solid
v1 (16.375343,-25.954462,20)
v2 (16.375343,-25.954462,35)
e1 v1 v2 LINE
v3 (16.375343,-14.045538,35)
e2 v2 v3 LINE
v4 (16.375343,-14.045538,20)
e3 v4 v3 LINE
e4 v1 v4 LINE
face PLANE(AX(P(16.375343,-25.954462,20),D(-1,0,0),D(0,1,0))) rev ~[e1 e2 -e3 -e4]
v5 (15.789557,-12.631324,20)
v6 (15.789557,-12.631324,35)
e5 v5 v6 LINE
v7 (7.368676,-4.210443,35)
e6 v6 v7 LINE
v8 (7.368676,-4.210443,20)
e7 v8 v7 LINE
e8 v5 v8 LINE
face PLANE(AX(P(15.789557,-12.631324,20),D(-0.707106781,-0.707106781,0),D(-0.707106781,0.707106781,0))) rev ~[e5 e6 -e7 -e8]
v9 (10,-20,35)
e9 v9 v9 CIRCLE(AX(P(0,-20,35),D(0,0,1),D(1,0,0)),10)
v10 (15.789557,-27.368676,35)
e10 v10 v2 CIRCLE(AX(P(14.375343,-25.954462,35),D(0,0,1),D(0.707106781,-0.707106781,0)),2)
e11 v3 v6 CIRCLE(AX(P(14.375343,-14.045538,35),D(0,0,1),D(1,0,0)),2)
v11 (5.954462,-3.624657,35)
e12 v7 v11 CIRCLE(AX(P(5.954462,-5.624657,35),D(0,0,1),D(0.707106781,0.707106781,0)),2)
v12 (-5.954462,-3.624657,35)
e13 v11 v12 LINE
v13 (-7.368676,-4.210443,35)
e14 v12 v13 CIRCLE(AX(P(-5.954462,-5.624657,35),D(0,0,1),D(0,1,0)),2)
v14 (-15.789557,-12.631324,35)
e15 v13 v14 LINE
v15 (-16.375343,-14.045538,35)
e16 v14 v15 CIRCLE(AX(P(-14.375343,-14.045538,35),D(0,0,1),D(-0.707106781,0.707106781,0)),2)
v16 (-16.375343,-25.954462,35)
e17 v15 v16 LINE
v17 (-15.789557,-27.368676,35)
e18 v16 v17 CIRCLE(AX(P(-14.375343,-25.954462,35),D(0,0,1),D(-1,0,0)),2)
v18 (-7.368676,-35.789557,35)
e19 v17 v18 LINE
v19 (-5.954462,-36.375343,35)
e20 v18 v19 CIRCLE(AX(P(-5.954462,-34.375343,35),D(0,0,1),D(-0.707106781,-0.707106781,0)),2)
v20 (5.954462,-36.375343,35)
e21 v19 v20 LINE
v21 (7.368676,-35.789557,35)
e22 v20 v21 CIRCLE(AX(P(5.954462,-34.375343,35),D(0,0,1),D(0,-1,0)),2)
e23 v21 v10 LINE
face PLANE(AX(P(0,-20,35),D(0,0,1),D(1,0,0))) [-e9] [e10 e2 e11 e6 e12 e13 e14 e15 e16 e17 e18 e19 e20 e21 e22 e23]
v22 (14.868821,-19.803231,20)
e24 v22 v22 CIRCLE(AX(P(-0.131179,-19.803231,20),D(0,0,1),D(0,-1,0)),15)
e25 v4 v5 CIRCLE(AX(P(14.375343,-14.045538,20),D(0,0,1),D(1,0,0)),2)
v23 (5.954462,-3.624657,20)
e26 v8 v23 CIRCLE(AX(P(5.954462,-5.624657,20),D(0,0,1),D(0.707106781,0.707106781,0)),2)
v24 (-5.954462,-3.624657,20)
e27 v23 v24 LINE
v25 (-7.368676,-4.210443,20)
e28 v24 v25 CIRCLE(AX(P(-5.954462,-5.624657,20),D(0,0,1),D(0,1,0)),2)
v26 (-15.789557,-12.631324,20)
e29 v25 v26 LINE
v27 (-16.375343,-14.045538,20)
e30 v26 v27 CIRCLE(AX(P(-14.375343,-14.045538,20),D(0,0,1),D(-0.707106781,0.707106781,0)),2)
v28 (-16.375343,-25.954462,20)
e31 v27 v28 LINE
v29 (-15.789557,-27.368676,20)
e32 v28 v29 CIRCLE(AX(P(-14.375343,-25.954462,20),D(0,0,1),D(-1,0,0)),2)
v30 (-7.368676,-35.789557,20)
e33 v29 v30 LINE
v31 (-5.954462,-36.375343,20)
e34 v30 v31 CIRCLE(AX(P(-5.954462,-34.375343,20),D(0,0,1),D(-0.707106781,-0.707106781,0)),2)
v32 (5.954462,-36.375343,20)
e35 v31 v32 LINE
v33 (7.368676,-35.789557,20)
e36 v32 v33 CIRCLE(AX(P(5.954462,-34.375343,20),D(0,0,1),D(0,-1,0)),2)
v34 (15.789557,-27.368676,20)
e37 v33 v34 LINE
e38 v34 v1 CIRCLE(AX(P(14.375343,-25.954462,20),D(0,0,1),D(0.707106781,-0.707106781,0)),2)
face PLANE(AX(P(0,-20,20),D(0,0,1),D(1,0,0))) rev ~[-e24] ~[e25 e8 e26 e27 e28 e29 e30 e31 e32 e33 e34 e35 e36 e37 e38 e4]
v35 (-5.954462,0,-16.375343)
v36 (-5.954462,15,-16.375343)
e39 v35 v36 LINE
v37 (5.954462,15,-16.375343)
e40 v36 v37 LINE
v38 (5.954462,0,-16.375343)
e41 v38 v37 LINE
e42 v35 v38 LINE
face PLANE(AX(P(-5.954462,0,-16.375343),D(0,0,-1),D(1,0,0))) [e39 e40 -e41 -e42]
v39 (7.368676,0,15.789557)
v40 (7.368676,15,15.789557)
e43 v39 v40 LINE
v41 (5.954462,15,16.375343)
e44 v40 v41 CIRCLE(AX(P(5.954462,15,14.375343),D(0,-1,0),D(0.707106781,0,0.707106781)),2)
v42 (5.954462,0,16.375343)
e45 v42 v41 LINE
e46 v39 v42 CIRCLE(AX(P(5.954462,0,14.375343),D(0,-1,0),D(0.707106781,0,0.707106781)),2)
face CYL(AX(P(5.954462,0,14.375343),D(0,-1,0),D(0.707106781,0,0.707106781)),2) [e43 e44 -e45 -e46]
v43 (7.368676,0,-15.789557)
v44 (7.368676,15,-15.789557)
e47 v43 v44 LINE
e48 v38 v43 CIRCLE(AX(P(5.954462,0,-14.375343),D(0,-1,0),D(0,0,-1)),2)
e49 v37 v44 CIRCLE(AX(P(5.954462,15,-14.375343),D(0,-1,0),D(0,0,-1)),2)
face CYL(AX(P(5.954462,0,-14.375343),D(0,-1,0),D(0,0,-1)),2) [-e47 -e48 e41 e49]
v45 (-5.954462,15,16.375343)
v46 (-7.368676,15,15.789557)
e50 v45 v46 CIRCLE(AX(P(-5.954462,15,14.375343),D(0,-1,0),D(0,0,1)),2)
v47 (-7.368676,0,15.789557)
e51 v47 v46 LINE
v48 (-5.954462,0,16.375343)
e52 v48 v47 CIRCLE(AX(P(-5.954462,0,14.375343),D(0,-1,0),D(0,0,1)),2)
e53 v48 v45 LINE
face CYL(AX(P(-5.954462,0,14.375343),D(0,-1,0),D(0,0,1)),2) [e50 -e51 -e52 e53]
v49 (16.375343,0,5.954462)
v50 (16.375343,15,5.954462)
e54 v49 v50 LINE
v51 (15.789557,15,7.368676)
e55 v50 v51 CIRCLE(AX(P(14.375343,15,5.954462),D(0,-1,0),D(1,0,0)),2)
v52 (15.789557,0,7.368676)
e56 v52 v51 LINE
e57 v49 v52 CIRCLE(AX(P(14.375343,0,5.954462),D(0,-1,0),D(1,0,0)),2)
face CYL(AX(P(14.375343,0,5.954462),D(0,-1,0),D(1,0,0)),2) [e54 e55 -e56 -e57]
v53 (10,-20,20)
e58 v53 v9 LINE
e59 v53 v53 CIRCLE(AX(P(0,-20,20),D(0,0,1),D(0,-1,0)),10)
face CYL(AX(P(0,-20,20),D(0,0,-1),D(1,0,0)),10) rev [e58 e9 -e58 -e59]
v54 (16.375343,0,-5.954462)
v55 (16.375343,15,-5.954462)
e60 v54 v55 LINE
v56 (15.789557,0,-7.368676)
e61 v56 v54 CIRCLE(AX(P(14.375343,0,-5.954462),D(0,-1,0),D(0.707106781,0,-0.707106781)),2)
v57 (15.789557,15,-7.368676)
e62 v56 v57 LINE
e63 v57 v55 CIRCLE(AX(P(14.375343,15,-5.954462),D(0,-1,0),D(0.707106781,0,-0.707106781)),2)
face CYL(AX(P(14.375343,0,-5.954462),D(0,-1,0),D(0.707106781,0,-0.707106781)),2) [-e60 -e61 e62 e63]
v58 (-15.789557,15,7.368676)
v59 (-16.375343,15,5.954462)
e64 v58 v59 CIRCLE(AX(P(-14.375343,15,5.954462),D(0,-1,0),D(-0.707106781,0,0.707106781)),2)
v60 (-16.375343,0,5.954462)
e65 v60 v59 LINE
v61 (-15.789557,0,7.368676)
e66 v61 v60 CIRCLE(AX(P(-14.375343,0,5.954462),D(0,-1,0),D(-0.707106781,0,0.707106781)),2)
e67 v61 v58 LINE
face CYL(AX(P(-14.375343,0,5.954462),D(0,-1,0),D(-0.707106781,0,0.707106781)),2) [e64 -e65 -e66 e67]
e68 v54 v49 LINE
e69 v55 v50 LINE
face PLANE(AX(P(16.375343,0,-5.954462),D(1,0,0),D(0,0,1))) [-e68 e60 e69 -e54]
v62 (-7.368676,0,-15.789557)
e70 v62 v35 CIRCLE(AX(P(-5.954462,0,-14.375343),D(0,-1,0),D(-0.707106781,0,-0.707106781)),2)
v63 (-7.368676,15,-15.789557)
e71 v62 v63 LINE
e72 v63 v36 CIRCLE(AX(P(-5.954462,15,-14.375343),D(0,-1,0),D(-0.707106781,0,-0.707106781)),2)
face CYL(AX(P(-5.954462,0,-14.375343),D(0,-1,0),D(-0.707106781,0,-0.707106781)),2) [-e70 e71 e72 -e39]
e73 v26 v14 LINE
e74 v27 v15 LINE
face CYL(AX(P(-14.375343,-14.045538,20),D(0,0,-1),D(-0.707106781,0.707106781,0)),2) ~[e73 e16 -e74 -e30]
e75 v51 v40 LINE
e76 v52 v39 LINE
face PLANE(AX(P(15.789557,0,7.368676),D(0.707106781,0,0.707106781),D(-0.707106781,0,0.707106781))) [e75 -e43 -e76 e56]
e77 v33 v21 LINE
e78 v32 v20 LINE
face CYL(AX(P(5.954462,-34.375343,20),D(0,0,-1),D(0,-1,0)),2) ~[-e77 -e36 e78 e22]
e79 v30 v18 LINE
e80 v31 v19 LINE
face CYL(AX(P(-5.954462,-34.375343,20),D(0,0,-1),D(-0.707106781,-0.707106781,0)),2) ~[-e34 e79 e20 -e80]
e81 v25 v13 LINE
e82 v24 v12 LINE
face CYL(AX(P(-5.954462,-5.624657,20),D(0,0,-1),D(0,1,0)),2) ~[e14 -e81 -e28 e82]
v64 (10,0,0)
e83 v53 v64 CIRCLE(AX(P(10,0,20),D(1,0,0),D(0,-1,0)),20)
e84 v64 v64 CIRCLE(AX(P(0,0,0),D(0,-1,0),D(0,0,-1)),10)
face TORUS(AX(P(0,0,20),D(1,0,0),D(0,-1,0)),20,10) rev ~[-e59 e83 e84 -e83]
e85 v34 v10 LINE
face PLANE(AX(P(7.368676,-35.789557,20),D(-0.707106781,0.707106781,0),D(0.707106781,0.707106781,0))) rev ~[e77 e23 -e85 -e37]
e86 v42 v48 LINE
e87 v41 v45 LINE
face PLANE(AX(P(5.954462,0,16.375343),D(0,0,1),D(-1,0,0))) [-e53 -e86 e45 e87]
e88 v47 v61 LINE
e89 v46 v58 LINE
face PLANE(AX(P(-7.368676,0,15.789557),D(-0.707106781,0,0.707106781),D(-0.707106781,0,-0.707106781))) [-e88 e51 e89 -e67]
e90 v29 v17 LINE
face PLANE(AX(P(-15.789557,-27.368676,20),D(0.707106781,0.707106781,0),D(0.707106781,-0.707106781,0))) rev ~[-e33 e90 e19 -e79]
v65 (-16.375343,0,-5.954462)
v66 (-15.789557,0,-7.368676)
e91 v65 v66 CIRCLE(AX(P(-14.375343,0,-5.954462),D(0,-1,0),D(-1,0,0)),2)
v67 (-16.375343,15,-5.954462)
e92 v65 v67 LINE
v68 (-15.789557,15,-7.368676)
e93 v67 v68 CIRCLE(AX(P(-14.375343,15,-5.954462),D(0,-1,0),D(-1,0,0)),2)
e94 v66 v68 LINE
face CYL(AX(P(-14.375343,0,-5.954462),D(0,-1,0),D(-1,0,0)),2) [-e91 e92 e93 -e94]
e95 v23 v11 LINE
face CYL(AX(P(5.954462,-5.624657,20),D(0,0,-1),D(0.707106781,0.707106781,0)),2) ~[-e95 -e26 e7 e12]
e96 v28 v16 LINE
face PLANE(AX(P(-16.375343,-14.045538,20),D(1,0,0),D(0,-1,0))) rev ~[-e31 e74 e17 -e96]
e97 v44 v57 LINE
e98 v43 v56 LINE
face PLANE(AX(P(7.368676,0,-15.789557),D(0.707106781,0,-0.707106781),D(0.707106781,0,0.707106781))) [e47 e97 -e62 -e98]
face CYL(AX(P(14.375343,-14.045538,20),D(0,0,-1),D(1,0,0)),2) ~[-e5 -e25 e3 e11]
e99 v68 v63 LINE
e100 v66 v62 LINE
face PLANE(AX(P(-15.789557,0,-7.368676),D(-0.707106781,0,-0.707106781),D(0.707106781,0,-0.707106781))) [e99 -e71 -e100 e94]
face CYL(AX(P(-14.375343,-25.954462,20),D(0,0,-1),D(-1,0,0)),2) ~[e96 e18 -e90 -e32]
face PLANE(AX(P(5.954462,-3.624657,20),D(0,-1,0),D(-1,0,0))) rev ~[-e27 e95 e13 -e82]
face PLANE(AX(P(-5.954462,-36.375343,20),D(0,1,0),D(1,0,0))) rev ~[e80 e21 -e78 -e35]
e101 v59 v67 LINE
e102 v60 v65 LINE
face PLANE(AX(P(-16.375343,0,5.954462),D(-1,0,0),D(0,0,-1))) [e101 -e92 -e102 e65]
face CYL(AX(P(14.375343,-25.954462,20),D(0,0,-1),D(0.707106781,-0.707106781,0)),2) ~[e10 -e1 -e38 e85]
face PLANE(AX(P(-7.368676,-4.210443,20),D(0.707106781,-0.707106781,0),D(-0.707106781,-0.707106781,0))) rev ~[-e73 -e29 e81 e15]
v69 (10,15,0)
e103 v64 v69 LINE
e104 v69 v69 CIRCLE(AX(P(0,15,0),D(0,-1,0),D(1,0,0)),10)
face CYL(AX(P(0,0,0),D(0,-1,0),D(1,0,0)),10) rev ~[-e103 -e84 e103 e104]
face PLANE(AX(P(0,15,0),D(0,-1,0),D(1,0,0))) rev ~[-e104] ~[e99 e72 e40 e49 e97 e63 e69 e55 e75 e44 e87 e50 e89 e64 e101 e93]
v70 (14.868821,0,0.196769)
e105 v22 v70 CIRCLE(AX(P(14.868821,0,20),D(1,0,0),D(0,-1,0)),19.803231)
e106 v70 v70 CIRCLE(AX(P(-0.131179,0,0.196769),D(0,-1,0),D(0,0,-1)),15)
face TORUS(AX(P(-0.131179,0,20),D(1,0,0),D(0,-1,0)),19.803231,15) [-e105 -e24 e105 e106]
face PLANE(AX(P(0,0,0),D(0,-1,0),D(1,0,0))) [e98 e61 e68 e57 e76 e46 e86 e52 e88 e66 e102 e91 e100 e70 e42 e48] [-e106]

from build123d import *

# Parameters (mm, degrees)
F0_R     = 15
F0_R_2   = 10
F3_R     = 10
F4_DEPTH = 15
F5_R     = 15
F5_R_2   = 10
F6_DEPTH = 15


with BuildPart() as f2:
    # F2: sweep along a path in F1
    with BuildLine(Plane.YZ) as f2_path:
        ThreePointArc((-20, 20), (-14.1421356237, 5.8578643763), (0, 0))
    # F0 (on Front) → F2 (sweep)
    with BuildSketch(Plane.XZ):
        with Locations((-0.1311794548, 0.1967689097)):
            Circle(F0_R)
        Circle(F0_R_2, mode=Mode.SUBTRACT)
    sweep(path=f2_path.line)

    # F3 (on Front) → F4 (join)
    with BuildSketch(Plane.XZ):
        with BuildLine():
            Line((5.9544622317, 16.3753434763), (-5.9544622317, 16.3753434763))
            ThreePointArc((-5.9544622317, 16.3753434763), (-6.7198290964, 16.2231025413), (-7.368675794, 15.7895570387))
            Line((-7.368675794, 15.7895570387), (-15.7895570387, 7.368675794))
            ThreePointArc((-15.7895570387, 7.368675794), (-16.2231025413, 6.7198290964), (-16.3753434763, 5.9544622317))
            Line((-16.3753434763, 5.9544622317), (-16.3753434763, -5.9544622317))
            ThreePointArc((-16.3753434763, -5.9544622317), (-16.2231025413, -6.7198290964), (-15.7895570387, -7.368675794))
            Line((-15.7895570387, -7.368675794), (-7.368675794, -15.7895570387))
            ThreePointArc((-7.368675794, -15.7895570387), (-6.7198290964, -16.2231025413), (-5.9544622317, -16.3753434763))
            Line((-5.9544622317, -16.3753434763), (5.9544622317, -16.3753434763))
            ThreePointArc((5.9544622317, -16.3753434763), (6.7198290964, -16.2231025413), (7.368675794, -15.7895570387))
            Line((7.368675794, -15.7895570387), (15.7895570387, -7.368675794))
            ThreePointArc((15.7895570387, -7.368675794), (16.2231025413, -6.7198290964), (16.3753434763, -5.9544622317))
            Line((16.3753434763, -5.9544622317), (16.3753434763, 5.9544622317))
            ThreePointArc((16.3753434763, 5.9544622317), (16.2231025413, 6.7198290964), (15.7895570387, 7.368675794))
            Line((15.7895570387, 7.368675794), (7.368675794, 15.7895570387))
            ThreePointArc((7.368675794, 15.7895570387), (6.7198290964, 16.2231025413), (5.9544622317, 16.3753434763))
        make_face()
        Circle(F3_R, mode=Mode.SUBTRACT)
    extrude(amount=-F4_DEPTH)

    # F5 (on face) → F6 (join)
    with BuildSketch(Plane.XY.offset(20)):
        with BuildLine():
            Line((5.9544622317, -3.6246565237), (-5.9544622317, -3.6246565237))
            ThreePointArc((-5.9544622317, -3.6246565237), (-6.7198290964, -3.7768974587), (-7.368675794, -4.2104429613))
            Line((-7.368675794, -4.2104429613), (-15.7895570387, -12.631324206))
            ThreePointArc((-15.7895570387, -12.631324206), (-16.2231025413, -13.2801709036), (-16.3753434763, -14.0455377683))
            Line((-16.3753434763, -14.0455377683), (-16.3753434763, -25.9544622317))
            ThreePointArc((-16.3753434763, -25.9544622317), (-16.2231025413, -26.7198290964), (-15.7895570387, -27.368675794))
            Line((-15.7895570387, -27.368675794), (-7.368675794, -35.7895570387))
            ThreePointArc((-7.368675794, -35.7895570387), (-6.7198290964, -36.2231025413), (-5.9544622317, -36.3753434763))
            Line((-5.9544622317, -36.3753434763), (5.9544622317, -36.3753434763))
            ThreePointArc((5.9544622317, -36.3753434763), (6.7198290964, -36.2231025413), (7.368675794, -35.7895570387))
            Line((7.368675794, -35.7895570387), (15.7895570387, -27.368675794))
            ThreePointArc((15.7895570387, -27.368675794), (16.2231025413, -26.7198290964), (16.3753434763, -25.9544622317))
            Line((16.3753434763, -25.9544622317), (16.3753434763, -14.0455377683))
            ThreePointArc((16.3753434763, -14.0455377683), (16.2231025413, -13.2801709036), (15.7895570387, -12.631324206))
            Line((15.7895570387, -12.631324206), (7.368675794, -4.2104429613))
            ThreePointArc((7.368675794, -4.2104429613), (6.7198290964, -3.7768974587), (5.9544622317, -3.6246565237))
        make_face()
        with Locations((-0.1311794548, -19.8032310903)):
            Circle(F5_R, mode=Mode.SUBTRACT)
        with Locations((-0.1311794548, -19.8032310903)):
            Circle(F5_R)
        with Locations((0, -20)):
            Circle(F5_R_2, mode=Mode.SUBTRACT)
    extrude(amount=F6_DEPTH)


solid = f2.part
